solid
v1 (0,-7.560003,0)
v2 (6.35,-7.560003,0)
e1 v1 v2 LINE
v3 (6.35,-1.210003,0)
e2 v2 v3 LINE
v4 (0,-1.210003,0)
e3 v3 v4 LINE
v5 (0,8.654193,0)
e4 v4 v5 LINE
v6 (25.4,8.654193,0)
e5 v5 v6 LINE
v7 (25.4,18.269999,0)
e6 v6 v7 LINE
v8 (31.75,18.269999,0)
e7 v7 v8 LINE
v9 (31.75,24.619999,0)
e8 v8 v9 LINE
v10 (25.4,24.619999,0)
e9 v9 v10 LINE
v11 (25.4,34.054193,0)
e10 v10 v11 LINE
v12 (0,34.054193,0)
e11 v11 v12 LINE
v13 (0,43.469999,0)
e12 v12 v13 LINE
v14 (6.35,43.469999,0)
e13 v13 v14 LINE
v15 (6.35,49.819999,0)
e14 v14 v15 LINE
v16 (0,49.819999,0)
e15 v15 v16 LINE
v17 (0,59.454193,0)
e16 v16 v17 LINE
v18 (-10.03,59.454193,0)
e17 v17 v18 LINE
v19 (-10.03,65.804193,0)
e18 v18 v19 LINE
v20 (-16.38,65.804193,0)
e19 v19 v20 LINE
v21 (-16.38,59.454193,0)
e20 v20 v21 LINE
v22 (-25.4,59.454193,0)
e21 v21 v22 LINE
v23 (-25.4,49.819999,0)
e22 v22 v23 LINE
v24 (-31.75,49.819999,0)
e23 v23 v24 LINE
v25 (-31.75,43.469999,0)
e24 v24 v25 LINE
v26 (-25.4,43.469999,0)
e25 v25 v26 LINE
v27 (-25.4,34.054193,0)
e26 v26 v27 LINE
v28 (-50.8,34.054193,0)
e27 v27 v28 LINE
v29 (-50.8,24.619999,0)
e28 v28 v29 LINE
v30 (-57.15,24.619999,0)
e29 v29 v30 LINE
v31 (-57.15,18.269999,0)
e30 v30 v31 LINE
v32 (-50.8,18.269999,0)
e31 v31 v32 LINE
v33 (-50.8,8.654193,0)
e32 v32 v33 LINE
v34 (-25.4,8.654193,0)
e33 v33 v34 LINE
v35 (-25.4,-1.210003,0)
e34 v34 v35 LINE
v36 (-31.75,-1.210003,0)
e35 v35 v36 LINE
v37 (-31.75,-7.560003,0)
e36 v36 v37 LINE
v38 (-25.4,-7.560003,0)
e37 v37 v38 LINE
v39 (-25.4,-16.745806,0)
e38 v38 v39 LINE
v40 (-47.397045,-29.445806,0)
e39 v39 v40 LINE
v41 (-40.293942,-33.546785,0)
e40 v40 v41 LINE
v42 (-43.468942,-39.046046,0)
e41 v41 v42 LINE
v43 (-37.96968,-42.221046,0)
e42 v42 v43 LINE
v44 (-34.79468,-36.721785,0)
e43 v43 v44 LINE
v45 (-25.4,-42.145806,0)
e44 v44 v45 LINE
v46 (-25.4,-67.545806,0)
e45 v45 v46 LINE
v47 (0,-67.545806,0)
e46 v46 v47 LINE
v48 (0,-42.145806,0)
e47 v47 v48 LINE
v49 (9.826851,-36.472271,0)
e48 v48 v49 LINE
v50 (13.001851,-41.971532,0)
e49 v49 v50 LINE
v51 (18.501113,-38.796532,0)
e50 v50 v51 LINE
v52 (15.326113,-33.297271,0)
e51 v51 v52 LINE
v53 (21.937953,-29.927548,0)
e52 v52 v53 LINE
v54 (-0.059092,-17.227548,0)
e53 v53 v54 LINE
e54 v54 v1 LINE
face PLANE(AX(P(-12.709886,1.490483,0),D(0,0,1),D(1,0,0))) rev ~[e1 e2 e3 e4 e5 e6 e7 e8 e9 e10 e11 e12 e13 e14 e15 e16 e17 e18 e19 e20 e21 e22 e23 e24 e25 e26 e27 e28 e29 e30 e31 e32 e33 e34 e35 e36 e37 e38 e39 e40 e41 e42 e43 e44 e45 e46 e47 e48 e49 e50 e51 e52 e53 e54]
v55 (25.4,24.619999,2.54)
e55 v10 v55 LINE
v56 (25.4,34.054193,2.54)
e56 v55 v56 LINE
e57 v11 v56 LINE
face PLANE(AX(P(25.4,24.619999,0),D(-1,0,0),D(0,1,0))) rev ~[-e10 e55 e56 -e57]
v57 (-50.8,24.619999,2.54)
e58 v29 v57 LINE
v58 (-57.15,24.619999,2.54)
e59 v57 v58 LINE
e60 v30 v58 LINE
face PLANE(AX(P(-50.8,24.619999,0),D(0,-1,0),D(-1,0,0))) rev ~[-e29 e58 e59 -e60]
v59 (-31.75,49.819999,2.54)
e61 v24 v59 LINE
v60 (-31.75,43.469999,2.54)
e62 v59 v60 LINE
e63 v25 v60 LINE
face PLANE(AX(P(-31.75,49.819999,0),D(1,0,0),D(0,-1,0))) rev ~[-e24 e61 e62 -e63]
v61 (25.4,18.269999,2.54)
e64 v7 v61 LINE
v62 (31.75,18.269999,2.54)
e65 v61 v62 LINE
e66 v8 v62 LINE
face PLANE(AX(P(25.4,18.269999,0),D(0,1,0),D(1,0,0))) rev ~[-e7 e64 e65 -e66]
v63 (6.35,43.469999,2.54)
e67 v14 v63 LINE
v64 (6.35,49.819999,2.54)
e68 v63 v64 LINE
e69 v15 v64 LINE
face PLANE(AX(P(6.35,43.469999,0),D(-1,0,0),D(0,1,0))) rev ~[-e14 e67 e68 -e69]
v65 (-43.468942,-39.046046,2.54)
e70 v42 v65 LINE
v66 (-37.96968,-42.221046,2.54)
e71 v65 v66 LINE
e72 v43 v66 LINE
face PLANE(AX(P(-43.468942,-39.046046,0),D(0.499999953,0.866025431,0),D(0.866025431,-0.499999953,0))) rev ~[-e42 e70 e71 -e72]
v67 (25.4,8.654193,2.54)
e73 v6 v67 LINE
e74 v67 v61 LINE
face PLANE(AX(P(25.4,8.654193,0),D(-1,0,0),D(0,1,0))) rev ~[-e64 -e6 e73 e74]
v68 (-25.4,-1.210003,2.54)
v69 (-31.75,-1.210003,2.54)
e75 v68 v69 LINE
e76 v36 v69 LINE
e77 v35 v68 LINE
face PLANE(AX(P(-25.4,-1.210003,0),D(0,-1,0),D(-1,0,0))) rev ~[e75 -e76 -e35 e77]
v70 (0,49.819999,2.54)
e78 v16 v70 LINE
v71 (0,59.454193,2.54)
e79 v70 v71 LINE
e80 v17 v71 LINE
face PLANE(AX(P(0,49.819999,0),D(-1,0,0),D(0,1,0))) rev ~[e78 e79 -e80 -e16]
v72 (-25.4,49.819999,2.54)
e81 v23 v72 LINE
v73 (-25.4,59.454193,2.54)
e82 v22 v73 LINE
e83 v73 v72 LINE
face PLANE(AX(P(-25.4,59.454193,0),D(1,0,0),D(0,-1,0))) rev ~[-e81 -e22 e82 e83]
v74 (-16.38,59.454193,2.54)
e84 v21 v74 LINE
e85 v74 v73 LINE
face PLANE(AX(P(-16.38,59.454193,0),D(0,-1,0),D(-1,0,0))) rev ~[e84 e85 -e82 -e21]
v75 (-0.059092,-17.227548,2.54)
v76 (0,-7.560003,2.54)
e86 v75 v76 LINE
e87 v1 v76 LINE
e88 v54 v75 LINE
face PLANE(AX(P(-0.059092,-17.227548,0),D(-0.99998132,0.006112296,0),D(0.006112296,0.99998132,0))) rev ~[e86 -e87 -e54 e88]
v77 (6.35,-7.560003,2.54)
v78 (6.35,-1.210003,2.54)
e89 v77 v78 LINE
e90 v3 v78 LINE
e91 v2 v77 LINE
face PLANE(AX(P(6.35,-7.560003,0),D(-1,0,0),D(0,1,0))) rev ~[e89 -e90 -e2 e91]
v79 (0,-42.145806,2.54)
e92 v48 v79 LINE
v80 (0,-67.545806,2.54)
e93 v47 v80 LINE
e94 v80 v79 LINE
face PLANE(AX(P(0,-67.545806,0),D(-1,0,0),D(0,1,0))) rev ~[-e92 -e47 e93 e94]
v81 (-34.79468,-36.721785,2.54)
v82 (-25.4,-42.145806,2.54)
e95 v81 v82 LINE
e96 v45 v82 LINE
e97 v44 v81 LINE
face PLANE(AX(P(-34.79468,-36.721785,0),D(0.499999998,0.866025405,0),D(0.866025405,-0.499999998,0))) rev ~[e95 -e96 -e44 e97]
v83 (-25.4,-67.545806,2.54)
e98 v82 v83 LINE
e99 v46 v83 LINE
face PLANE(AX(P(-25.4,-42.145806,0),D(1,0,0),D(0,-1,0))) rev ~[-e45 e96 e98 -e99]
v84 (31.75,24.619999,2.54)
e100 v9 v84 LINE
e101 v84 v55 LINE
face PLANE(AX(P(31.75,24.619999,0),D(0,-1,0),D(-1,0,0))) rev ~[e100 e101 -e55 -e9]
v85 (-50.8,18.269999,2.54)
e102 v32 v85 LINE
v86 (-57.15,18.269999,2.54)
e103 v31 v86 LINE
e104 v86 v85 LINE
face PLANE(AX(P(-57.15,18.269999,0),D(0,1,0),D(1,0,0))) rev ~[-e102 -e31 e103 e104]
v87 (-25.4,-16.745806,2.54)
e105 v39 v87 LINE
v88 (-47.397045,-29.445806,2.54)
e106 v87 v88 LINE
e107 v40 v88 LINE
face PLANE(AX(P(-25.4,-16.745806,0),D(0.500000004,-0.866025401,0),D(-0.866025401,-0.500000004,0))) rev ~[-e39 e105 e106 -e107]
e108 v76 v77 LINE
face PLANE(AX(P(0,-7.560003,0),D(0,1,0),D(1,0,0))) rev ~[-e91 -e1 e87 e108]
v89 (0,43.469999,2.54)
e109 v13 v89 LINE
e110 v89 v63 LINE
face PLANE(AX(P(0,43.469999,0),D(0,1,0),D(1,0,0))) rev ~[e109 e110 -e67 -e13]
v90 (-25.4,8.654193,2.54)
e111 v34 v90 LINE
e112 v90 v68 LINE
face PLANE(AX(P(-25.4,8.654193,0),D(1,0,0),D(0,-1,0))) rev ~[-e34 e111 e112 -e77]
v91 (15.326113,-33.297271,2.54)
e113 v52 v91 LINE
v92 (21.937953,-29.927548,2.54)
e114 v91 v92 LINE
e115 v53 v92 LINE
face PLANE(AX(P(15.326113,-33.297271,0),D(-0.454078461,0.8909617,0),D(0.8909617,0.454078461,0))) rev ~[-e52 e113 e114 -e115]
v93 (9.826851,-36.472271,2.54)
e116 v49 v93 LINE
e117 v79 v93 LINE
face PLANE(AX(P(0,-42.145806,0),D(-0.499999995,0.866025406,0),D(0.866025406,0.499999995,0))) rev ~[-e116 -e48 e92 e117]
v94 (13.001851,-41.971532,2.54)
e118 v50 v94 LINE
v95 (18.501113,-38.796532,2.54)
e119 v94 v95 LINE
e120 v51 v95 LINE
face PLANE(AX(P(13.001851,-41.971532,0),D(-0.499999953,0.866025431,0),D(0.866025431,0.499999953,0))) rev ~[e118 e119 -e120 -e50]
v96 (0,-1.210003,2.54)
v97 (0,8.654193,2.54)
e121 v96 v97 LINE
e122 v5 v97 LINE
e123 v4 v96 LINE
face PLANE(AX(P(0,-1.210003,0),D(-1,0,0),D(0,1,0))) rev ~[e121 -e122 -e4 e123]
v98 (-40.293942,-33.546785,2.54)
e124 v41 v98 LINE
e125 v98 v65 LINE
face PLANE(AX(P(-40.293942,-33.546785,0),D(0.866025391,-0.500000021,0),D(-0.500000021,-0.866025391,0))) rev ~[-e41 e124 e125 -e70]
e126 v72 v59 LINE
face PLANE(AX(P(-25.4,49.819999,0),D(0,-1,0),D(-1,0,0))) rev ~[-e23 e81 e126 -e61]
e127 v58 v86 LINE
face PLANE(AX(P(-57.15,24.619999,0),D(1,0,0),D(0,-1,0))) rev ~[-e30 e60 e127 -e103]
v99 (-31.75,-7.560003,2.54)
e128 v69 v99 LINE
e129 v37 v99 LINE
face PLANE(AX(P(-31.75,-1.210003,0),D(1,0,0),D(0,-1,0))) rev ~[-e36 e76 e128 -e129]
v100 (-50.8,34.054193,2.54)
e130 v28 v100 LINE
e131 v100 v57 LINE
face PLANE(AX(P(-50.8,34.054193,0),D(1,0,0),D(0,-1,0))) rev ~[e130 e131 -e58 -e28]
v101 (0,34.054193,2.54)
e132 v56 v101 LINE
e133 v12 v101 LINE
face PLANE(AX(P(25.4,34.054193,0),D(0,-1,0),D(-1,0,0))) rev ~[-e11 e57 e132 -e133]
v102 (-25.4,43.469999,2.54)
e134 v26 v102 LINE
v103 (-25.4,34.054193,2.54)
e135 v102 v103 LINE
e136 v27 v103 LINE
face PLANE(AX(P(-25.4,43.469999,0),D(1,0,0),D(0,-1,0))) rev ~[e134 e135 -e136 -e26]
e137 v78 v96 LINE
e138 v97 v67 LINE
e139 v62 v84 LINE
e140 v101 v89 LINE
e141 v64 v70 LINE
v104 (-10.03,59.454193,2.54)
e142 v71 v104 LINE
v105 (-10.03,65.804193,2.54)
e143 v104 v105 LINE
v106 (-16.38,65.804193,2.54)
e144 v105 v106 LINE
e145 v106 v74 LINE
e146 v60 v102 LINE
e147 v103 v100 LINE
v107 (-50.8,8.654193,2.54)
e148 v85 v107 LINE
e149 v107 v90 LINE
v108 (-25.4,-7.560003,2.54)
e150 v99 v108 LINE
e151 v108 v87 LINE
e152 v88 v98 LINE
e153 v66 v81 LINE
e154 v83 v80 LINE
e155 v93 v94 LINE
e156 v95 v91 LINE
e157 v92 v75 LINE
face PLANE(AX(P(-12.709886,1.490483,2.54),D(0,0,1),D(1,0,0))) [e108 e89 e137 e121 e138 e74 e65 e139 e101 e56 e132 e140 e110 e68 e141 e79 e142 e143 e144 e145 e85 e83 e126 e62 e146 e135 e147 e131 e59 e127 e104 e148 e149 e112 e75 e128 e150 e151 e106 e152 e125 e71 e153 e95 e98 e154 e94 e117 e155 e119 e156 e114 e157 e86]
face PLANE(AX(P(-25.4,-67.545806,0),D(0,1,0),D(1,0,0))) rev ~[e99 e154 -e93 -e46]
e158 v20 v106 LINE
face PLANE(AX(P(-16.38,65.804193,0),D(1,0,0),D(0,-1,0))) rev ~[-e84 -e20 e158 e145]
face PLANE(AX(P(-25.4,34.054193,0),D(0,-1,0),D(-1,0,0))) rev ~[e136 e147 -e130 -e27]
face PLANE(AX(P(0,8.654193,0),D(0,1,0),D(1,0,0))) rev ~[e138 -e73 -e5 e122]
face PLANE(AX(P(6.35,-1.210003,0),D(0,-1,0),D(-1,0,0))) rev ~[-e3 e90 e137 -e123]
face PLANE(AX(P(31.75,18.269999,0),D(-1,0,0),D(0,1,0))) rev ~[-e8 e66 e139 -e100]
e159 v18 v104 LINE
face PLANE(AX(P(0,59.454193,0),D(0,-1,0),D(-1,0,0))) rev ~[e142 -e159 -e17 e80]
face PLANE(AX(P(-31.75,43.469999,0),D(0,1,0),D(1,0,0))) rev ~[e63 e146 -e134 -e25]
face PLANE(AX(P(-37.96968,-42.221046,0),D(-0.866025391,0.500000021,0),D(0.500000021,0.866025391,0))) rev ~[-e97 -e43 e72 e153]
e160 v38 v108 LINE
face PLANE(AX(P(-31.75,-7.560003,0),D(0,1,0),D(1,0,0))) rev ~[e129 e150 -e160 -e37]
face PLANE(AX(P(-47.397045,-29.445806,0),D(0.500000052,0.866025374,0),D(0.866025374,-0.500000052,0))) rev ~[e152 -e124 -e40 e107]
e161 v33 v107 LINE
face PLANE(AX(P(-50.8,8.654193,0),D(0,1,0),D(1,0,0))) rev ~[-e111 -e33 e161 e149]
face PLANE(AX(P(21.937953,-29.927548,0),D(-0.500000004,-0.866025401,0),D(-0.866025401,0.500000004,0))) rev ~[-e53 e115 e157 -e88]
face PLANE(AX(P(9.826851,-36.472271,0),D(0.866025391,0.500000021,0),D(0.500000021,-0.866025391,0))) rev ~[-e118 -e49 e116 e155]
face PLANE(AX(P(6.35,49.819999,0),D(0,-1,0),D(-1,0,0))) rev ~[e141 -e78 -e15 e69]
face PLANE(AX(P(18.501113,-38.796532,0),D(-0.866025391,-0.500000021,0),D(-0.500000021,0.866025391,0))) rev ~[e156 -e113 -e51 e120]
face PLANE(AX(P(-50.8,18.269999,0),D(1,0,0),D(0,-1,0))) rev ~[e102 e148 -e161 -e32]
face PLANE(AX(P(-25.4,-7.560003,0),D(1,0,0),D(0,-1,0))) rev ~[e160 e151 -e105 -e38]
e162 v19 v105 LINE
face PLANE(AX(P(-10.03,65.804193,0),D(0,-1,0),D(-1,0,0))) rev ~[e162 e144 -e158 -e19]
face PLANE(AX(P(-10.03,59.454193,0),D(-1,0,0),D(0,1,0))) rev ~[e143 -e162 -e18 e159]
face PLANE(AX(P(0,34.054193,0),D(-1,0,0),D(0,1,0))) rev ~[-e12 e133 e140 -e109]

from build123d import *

# Parameters (mm, degrees)
F1_DEPTH = 2.54


with BuildPart() as f1:
    # F0 (on Top) → F1 (new body)
    with BuildSketch(Plane.XY):
        Polygon((25.4, 34.054193), (0, 34.054193), (0, 43.469999), (6.35, 43.469999), (6.35, 49.819999), (0, 49.819999), (0, 59.454193), (-10.03, 59.454193), (-10.03, 65.804193), (-16.38, 65.804193), (-16.38, 59.454193), (-25.4, 59.454193), (-25.4, 49.819999), (-31.75, 49.819999), (-31.75, 43.469999), (-25.4, 43.469999), (-25.4, 34.054193), (-50.8, 34.054193), (-50.8, 24.619999), (-57.15, 24.619999), (-57.15, 18.269999), (-50.8, 18.269999), (-50.8, 8.654193), (-25.4, 8.654193), (-25.4, -1.210003), (-31.75, -1.210003), (-31.75, -7.560003), (-25.4, -7.560003), (-25.4, -16.745806), (-47.397045, -29.445806), (-40.293942, -33.546785), (-43.468942, -39.046046), (-37.96968, -42.221046), (-34.79468, -36.721785), (-25.4, -42.145806), (-25.4, -67.545806), (0, -67.545806), (0, -42.145806), (9.826851, -36.472271), (13.001851, -41.971532), (18.501113, -38.796532), (15.326113, -33.297271), (21.937953, -29.927548), (-0.059092, -17.227548), (0, -7.560003), (6.35, -7.560003), (6.35, -1.210003), (0, -1.210003), (0, 8.654193), (25.4, 8.654193), (25.4, 18.269999), (31.75, 18.269999), (31.75, 24.619999), (25.4, 24.619999), align=None)
    extrude(amount=F1_DEPTH)


solid = f1.part
